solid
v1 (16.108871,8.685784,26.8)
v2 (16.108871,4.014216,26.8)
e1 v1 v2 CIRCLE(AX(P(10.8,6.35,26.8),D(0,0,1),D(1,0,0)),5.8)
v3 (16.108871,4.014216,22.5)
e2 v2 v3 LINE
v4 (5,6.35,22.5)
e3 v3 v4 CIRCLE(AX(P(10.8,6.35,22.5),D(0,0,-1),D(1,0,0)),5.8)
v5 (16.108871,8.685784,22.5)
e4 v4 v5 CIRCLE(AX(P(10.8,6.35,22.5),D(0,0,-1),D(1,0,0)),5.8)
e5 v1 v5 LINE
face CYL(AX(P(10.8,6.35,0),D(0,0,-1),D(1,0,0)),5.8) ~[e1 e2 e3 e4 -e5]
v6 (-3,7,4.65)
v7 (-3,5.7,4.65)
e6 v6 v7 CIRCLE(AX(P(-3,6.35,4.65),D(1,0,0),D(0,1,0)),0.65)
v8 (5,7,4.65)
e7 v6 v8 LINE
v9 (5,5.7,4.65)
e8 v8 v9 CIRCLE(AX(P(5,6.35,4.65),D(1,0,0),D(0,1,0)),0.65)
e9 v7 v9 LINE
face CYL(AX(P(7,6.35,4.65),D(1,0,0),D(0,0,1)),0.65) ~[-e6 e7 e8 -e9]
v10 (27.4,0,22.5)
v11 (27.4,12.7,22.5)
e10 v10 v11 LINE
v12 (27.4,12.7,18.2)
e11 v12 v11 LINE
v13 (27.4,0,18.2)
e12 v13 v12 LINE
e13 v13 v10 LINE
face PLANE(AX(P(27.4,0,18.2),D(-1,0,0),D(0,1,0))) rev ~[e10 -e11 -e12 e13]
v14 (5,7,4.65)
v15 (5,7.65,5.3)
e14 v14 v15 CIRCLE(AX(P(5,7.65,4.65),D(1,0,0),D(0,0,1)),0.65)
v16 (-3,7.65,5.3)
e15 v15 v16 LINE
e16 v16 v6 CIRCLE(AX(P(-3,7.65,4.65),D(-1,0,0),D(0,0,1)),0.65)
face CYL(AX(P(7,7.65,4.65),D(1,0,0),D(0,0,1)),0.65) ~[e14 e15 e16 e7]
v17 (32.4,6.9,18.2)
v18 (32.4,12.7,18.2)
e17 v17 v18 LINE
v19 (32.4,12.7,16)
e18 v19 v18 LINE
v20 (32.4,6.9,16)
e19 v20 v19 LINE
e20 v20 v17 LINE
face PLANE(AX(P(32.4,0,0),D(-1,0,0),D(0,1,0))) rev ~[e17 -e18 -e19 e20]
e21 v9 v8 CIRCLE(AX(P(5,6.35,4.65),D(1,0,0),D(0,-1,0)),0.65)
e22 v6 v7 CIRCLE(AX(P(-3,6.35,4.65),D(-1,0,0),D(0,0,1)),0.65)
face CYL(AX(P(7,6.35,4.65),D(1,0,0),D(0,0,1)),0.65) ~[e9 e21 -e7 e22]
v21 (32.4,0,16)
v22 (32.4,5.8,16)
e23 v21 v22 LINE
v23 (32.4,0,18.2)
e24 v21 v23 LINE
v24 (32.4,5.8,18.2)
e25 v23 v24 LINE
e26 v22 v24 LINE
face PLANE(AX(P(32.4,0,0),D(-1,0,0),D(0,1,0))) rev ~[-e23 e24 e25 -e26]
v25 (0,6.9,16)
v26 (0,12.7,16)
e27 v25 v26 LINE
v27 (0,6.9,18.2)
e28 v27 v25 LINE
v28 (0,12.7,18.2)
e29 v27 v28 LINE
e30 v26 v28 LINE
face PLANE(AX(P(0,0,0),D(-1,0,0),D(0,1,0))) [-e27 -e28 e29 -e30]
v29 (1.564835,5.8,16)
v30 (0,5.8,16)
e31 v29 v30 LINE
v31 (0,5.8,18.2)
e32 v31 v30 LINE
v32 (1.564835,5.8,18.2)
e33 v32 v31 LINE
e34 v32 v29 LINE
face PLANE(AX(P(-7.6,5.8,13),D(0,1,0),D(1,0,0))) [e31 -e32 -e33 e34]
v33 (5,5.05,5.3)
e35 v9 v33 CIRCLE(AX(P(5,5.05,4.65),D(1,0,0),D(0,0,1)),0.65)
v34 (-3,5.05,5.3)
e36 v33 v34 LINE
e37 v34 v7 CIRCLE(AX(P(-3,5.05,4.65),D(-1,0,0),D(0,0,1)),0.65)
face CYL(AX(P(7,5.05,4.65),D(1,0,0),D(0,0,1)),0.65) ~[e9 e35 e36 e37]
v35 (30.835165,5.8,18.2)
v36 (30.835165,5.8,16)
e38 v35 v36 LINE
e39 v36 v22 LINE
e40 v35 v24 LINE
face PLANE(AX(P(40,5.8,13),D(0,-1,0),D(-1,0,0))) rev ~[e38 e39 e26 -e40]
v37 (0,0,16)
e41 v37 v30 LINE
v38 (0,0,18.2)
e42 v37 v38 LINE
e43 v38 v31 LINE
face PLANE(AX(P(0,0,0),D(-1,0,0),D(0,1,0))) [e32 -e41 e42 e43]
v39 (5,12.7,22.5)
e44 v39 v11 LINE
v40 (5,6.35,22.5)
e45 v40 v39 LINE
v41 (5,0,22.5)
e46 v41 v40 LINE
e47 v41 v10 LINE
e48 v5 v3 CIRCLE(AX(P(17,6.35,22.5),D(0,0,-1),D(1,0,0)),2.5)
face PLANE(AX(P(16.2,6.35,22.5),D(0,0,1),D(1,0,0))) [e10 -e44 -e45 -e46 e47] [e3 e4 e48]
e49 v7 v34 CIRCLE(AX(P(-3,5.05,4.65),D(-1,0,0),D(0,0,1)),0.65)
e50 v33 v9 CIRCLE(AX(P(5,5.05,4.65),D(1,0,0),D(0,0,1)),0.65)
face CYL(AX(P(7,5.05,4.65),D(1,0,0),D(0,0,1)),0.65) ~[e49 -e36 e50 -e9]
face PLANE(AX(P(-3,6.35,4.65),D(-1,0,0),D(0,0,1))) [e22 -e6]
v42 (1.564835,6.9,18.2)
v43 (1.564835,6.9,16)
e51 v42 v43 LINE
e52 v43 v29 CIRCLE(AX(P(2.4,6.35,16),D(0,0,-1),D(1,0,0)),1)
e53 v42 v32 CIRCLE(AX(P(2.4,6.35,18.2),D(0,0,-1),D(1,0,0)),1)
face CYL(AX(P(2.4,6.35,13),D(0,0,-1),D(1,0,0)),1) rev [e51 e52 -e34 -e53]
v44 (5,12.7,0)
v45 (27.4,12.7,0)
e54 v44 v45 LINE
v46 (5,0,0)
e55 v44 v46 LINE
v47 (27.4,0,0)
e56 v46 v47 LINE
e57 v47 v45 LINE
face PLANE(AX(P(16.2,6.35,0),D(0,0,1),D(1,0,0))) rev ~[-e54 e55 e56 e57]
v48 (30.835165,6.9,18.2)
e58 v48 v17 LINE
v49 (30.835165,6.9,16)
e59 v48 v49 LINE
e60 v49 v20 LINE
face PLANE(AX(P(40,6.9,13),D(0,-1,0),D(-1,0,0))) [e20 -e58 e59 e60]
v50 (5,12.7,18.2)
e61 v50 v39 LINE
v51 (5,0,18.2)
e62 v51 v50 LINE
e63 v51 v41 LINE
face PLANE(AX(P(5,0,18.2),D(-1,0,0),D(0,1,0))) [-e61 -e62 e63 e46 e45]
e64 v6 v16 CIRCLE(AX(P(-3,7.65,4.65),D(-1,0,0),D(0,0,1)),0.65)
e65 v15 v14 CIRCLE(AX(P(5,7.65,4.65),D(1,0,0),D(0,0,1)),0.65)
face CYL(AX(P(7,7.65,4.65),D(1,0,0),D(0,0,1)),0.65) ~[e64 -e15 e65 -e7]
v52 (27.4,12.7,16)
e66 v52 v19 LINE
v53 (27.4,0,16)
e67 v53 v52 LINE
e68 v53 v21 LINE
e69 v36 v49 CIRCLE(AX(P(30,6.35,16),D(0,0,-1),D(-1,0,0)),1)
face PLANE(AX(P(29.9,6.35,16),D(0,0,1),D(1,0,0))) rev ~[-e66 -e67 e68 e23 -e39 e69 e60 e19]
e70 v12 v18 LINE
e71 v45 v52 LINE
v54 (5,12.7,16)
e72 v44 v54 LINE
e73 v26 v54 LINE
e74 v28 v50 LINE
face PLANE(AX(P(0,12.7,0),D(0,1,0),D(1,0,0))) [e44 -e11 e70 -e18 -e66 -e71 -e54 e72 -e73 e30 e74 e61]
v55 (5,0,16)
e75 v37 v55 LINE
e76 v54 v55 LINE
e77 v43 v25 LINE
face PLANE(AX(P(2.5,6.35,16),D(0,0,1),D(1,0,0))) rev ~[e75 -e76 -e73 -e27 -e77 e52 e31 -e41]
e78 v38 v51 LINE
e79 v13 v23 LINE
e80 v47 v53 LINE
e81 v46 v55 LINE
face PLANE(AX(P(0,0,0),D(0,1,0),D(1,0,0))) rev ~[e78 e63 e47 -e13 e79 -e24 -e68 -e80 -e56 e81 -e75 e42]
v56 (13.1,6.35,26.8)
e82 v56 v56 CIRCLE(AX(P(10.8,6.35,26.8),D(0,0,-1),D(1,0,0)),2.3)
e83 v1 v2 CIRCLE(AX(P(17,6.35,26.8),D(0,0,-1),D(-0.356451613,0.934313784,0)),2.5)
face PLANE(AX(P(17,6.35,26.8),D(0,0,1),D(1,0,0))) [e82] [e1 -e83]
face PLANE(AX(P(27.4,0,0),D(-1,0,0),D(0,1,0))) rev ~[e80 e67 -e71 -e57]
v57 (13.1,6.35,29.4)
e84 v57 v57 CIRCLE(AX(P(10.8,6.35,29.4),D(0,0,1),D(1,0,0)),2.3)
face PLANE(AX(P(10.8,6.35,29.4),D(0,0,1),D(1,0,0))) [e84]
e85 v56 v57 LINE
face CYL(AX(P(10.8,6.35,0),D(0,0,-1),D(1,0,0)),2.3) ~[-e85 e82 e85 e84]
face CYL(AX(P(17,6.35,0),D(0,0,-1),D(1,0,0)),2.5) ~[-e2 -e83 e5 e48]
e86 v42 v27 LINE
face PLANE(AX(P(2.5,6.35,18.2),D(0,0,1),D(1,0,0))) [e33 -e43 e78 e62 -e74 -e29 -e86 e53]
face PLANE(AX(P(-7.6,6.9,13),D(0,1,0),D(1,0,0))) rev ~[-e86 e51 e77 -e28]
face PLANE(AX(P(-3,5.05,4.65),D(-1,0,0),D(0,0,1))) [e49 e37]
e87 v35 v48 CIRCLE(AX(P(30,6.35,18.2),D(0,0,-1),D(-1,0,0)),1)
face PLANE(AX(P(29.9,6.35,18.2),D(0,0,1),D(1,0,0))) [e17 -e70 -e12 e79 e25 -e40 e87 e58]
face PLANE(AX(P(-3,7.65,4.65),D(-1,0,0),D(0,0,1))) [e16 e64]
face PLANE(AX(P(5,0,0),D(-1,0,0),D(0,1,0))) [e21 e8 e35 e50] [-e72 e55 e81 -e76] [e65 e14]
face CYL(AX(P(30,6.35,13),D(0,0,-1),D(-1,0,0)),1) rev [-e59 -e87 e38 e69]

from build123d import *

# Parameters (mm, degrees)
CYLINDER003_R             = 0.65
CYLINDER003_DEPTH         = 10
CYLINDER003_PITCH_ANGLE   = -90
CYLINDER004_R             = 0.65
CYLINDER004_DEPTH         = 10
CYLINDER004_PITCH_ANGLE   = -90
CYLINDER005_R             = 0.65
CYLINDER005_DEPTH         = 10
CYLINDER005_PITCH_ANGLE   = -90
CYLINDER006_R             = 1
CYLINDER006_DEPTH         = 10
BOX005_W                  = 10
BOX005_H                  = 1.1
BOX005_DEPTH              = 10
CYLINDER007_R             = 1
CYLINDER007_DEPTH         = 10
BOX006_W                  = 10
BOX006_H                  = 1.1
BOX006_DEPTH              = 10
FUSION008_PLACEMENT_ANGLE = 180
BOX004_W                  = 5
BOX004_H                  = 12.7
BOX004_DEPTH              = 4.3
BOX003_W                  = 5
BOX003_H                  = 12.7
BOX003_DEPTH              = 4.3
BOX001_W                  = 5
BOX001_H                  = 12.7
BOX001_DEPTH              = 16
BOX002_W                  = 5
BOX002_H                  = 12.7
BOX002_DEPTH              = 16
BOX_W                     = 32.4
BOX_H                     = 12.7
BOX_DEPTH                 = 22.5
CYLINDER001_R             = 2.3
CYLINDER001_DEPTH         = 29.4
CYLINDER002_R             = 2.5
CYLINDER002_DEPTH         = 26.8
CYLINDER_R                = 5.8
CYLINDER_DEPTH            = 26.8


with BuildPart() as cabler:
    # Cylinder003 → Cylinder003 (new body)
    with BuildSketch(Plane.XY):
        Circle(CYLINDER003_R)
    extrude(amount=CYLINDER003_DEPTH)


with BuildPart() as cabler_1:
    # Cylinder003 pitch: moved
    add(cabler.part.rotate(Axis((0, 0, 0), (0, 1, 0)), CYLINDER003_PITCH_ANGLE))


with BuildPart() as cabler_2:
    # Cylinder003 placement: moved
    add(cabler_1.part)


with BuildPart() as cableb:
    # Cylinder004 → Cylinder004 (new body)
    with BuildSketch(Plane.XY):
        Circle(CYLINDER004_R)
    extrude(amount=CYLINDER004_DEPTH)


with BuildPart() as cableb_1:
    # Cylinder004 pitch: moved
    add(cableb.part.rotate(Axis((0, 0, 0), (0, 1, 0)), CYLINDER004_PITCH_ANGLE))


with BuildPart() as cableb_2:
    # Cylinder004 placement: moved
    add(cableb_1.part.moved(Location((0, 1.3, 0))))


with BuildPart() as cables:
    # Cylinder005 → Cylinder005 (new body)
    with BuildSketch(Plane.XY):
        Circle(CYLINDER005_R)
    extrude(amount=CYLINDER005_DEPTH)


with BuildPart() as cables_1:
    # Cylinder005 pitch: moved
    add(cables.part.rotate(Axis((0, 0, 0), (0, 1, 0)), CYLINDER005_PITCH_ANGLE))


with BuildPart() as cables_2:
    # Cylinder005 placement: moved
    add(cables_1.part.moved(Location((0, -1.3, 0))))

    # Fusion003: union CableR, CableB
    add(cabler_2.part)
    add(cableb_2.part)


with BuildPart() as cables_3:
    # Fusion003 placement: moved
    add(cables_2.part.moved(Location((7, 6.35, 4.65))))


with BuildPart() as zylinder:
    # Cylinder006 → Cylinder006 (new body)
    with BuildSketch(Plane.XY):
        Circle(CYLINDER006_R)
    extrude(amount=CYLINDER006_DEPTH)


with BuildPart() as drillslotb:
    # Box005 → Box005 (new body)
    with BuildSketch(Plane(origin=(-10, -0.55, 0), x_dir=(1, 0, 0), z_dir=(0, 0, 1))):
        with Locations((5, 0.55)):
            Rectangle(BOX005_W, BOX005_H)
    extrude(amount=BOX005_DEPTH)

    # Fusion007: union Zylinder
    add(zylinder.part)


with BuildPart() as drillslotb_1:
    # Fusion007 placement: moved
    add(drillslotb.part.moved(Location((2.4, 0, 0))))


with BuildPart() as zylinder001:
    # Cylinder007 → Cylinder007 (new body)
    with BuildSketch(Plane.XY):
        Circle(CYLINDER007_R)
    extrude(amount=CYLINDER007_DEPTH)


with BuildPart() as drillslots:
    # Box006 → Box006 (new body)
    with BuildSketch(Plane(origin=(-10, -0.55, 0), x_dir=(1, 0, 0), z_dir=(0, 0, 1))):
        with Locations((5, 0.55)):
            Rectangle(BOX006_W, BOX006_H)
    extrude(amount=BOX006_DEPTH)

    # Fusion008: union Zylinder001
    add(zylinder001.part)


with BuildPart() as drillslots_1:
    # Fusion008 placement: moved
    add(drillslots.part.moved(Location((30, 0, 0))).rotate(Axis((30, 0, 0), (0, 0, 1)), FUSION008_PLACEMENT_ANGLE))

    # Fusion009: union DrillSlotB
    add(drillslotb_1.part)


with BuildPart() as drillslots_2:
    # Fusion009 placement: moved
    add(drillslots_1.part.moved(Location((0, 6.35, 13))))


with BuildPart() as uppercutf:
    # Box004 → Box004 (new body)
    with BuildSketch(Plane(origin=(27.4, 0, 0), x_dir=(1, 0, 0), z_dir=(0, 0, 1))):
        with Locations((2.5, 6.35)):
            Rectangle(BOX004_W, BOX004_H)
    extrude(amount=BOX004_DEPTH)


with BuildPart() as uppercuts:
    # Box003 → Box003 (new body)
    with BuildSketch(Plane.XY):
        with Locations((2.5, 6.35)):
            Rectangle(BOX003_W, BOX003_H)
    extrude(amount=BOX003_DEPTH)

    # Fusion: union UpperCutF
    add(uppercutf.part)


with BuildPart() as uppercuts_1:
    # Fusion placement: moved
    add(uppercuts.part.moved(Location((0, 0, 18.2))))


with BuildPart() as lowercutb:
    # Box001 → Box001 (new body)
    with BuildSketch(Plane.XY):
        with Locations((2.5, 6.35)):
            Rectangle(BOX001_W, BOX001_H)
    extrude(amount=BOX001_DEPTH)


with BuildPart() as lowercutf:
    # Box002 → Box002 (new body)
    with BuildSketch(Plane(origin=(27.4, 0, 0), x_dir=(1, 0, 0), z_dir=(0, 0, 1))):
        with Locations((2.5, 6.35)):
            Rectangle(BOX002_W, BOX002_H)
    extrude(amount=BOX002_DEPTH)


with BuildPart() as cutbody:
    # Box → Box (new body)
    with BuildSketch(Plane.XY):
        with Locations((16.2, 6.35)):
            Rectangle(BOX_W, BOX_H)
    extrude(amount=BOX_DEPTH)

    # Cut: cut LowerCutF
    add(lowercutf.part, mode=Mode.SUBTRACT)

    # Cut001: cut LowerCutB
    add(lowercutb.part, mode=Mode.SUBTRACT)

    # Cut002: cut UpperCuts
    add(uppercuts_1.part, mode=Mode.SUBTRACT)

    # Cut003: cut DrillSlots
    add(drillslots_2.part, mode=Mode.SUBTRACT)


with BuildPart() as axis:
    # Cylinder001 → Cylinder001 (new body)
    with BuildSketch(Plane(origin=(10.8, 6.35, 0), x_dir=(1, 0, 0), z_dir=(0, 0, 1))):
        Circle(CYLINDER001_R)
    extrude(amount=CYLINDER001_DEPTH)


with BuildPart() as sideaxis:
    # Cylinder002 → Cylinder002 (new body)
    with BuildSketch(Plane(origin=(17, 6.35, 0), x_dir=(1, 0, 0), z_dir=(0, 0, 1))):
        Circle(CYLINDER002_R)
    extrude(amount=CYLINDER002_DEPTH)


with BuildPart() as sg92r:
    # Cylinder → Cylinder (new body)
    with BuildSketch(Plane(origin=(10.8, 6.35, 0), x_dir=(1, 0, 0), z_dir=(0, 0, 1))):
        Circle(CYLINDER_R)
    extrude(amount=CYLINDER_DEPTH)

    # Fusion004: union SideAxis
    add(sideaxis.part)

    # Fusion005: union Axis
    add(axis.part)

    # Fusion010: union Cables, CutBody
    add(cables_3.part)
    add(cutbody.part)


solid = sg92r.part
